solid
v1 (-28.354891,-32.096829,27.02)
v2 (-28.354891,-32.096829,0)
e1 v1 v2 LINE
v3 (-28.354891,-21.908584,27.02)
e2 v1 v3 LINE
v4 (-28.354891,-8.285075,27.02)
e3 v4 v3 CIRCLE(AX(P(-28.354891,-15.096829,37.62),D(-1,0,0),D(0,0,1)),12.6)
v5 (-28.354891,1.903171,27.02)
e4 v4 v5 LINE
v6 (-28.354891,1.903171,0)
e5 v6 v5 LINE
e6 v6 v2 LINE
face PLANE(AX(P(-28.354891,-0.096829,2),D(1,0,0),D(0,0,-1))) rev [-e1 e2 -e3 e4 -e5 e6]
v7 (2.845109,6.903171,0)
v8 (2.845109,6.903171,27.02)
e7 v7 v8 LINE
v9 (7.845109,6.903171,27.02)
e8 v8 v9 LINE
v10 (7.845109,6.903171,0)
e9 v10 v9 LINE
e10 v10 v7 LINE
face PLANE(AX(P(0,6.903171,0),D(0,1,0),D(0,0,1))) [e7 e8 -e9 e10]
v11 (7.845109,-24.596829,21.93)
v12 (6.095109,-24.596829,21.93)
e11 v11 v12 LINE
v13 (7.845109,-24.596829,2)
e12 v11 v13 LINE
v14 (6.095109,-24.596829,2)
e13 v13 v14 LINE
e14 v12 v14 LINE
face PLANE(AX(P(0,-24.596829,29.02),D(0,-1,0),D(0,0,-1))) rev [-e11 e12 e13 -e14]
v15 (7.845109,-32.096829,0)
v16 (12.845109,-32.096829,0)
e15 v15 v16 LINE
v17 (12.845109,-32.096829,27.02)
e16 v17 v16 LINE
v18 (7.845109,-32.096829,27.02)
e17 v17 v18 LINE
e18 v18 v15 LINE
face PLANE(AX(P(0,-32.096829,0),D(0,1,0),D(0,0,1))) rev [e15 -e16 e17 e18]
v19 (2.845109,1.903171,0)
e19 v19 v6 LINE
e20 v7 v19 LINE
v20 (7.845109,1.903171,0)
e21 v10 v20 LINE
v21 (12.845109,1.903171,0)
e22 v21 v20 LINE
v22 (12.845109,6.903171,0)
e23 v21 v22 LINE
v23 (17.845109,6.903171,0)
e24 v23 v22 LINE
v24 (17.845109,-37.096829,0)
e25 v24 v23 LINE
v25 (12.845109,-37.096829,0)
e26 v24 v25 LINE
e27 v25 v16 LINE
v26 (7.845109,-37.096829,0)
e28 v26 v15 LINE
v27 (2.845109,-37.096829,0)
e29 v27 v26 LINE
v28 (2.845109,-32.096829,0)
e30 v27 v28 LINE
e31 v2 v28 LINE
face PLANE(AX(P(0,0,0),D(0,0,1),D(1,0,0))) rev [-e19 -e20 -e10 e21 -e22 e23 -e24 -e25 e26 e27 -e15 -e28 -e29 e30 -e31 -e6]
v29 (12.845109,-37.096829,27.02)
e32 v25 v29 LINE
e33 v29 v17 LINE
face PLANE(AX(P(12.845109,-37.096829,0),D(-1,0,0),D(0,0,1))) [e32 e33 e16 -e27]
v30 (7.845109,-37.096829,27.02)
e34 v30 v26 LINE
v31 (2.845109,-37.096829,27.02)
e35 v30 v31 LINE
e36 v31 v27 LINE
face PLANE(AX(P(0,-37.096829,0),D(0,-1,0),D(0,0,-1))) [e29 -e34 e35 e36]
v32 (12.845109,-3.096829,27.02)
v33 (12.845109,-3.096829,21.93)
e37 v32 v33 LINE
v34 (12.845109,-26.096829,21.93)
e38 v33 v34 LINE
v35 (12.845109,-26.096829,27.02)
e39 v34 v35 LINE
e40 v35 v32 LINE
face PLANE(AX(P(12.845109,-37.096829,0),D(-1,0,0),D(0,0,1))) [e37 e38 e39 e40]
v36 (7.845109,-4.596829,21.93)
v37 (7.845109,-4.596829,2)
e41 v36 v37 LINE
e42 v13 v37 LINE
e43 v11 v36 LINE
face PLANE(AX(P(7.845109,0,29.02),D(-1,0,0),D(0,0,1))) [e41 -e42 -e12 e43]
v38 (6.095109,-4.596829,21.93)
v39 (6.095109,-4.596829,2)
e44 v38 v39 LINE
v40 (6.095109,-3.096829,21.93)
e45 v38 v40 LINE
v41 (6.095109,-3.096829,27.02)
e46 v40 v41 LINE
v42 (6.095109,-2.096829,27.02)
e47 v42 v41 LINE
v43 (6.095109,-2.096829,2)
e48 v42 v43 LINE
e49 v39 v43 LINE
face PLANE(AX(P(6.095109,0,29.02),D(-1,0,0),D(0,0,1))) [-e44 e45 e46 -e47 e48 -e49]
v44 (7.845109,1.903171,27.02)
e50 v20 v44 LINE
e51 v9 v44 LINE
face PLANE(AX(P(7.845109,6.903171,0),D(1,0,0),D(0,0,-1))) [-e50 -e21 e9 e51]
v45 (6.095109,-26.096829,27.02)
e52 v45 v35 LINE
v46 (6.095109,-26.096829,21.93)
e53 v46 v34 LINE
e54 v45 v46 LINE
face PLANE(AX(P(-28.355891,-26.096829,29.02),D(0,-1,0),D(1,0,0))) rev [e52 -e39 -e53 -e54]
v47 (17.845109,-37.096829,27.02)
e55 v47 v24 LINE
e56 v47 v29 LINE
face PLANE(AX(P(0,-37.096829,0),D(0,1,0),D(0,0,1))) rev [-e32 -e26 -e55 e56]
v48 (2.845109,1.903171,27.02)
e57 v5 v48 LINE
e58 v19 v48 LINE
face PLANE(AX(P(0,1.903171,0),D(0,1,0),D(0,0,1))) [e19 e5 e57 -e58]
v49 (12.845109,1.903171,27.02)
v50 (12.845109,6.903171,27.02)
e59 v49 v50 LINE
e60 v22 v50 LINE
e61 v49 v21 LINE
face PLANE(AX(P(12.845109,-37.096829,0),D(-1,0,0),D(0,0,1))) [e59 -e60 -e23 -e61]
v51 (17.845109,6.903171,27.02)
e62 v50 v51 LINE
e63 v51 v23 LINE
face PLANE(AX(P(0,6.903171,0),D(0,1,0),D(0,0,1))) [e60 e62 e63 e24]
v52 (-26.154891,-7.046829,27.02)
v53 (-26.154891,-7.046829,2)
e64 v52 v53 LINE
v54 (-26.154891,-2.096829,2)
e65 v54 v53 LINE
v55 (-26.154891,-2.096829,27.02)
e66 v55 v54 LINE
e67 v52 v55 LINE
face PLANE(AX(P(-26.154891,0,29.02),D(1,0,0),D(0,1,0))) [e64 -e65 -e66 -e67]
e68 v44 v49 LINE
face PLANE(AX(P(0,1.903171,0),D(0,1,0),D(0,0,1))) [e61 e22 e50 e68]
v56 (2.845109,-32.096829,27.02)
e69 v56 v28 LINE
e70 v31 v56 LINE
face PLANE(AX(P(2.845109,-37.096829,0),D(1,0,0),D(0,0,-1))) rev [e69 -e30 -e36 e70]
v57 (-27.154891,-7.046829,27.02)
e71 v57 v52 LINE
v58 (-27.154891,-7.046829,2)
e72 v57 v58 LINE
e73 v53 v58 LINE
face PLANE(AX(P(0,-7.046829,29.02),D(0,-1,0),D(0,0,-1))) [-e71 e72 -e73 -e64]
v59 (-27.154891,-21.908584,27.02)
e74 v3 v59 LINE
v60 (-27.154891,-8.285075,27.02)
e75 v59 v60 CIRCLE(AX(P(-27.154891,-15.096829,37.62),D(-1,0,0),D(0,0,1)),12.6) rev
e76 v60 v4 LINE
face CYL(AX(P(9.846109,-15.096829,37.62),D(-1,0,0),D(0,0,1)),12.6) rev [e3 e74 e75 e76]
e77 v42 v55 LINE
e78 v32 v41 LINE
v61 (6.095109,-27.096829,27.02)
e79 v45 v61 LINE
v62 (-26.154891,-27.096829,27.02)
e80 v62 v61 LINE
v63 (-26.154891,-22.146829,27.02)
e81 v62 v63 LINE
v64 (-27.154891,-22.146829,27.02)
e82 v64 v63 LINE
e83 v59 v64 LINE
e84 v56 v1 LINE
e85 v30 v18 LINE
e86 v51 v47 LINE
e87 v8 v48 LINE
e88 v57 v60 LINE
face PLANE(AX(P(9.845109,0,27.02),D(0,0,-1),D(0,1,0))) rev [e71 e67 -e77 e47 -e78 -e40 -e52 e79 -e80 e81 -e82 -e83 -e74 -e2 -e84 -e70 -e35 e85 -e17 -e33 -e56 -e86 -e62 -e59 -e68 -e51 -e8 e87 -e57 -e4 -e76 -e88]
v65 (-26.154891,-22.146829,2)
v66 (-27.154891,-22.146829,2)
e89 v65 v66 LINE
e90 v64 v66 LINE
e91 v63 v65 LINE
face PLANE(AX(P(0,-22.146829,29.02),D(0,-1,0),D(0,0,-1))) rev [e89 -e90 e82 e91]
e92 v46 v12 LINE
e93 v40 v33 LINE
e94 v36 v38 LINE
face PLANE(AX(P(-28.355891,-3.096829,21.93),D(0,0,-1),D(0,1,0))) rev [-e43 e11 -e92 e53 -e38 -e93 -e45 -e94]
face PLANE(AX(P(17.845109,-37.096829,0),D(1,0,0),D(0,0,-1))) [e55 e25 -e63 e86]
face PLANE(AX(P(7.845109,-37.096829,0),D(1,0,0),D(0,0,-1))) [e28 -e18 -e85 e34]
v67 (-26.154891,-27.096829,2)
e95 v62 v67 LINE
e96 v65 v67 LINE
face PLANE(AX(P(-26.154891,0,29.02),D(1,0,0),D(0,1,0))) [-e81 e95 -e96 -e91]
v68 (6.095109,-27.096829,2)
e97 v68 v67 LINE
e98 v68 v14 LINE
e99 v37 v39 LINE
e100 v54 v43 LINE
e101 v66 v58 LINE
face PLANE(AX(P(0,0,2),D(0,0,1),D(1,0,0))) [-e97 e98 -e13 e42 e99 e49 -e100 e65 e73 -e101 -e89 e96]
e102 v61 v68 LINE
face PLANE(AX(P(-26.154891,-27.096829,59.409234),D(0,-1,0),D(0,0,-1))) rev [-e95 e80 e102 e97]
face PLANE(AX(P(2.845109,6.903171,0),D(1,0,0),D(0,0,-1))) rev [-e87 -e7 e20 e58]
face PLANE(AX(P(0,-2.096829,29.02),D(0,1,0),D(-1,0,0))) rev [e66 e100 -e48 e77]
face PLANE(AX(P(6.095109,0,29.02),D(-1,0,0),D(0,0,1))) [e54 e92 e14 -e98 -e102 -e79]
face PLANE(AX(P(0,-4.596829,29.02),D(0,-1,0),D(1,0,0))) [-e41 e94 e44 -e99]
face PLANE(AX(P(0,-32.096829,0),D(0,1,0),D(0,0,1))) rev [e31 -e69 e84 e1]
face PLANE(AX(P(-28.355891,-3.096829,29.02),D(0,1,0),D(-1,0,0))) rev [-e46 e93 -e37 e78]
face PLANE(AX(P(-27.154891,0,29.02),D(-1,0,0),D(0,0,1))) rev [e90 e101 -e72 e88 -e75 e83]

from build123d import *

# Parameters (mm, degrees)
SKETCH1_W                 = 38.2
SKETCH1_H                 = 30
BOSS_EXTRUDE1_DEPTH       = 2
SKETCH2_W                 = 2
SKETCH2_H                 = 20
BOSS_EXTRUDE2_DEPTH       = 27.02
CUT_EXTRUDE1_REACH        = 58.632
SKETCH3_W                 = 7.09
SKETCH3_H                 = 23
CUT_EXTRUDE3_REACH        = 58.632
CUT_EXTRUDE4_DEPTH        = 57.632318808
CUT_EXTRUDE4_DEPTH_BACK   = 57.632318808
SKETCH7_W                 = 32.25
SKETCH7_H                 = 3
BOSS_EXTRUDE3_DEPTH       = 25.02
SKETCH8_W                 = 20
SKETCH8_H                 = 30
BOSS_EXTRUDE4_DEPTH       = 5
BOSS_EXTRUDE5_DEPTH       = 2
BOSS_EXTRUDE6_DEPTH       = 3
BOSS_EXTRUDE7_DEPTH       = 2
SKETCH12_W                = 5
SKETCH12_H                = 27.02
BOSS_EXTRUDE8_DEPTH       = 5
SKETCH13_W                = 5
SKETCH13_H                = 22
BOSS_EXTRUDE10_DEPTH      = 44
SKETCH15_W                = 5
SKETCH15_H                = 27.02
BOSS_EXTRUDE11_DEPTH      = 5
BOSS_EXTRUDE12_DEPTH      = 5.02
BOSS_EXTRUDE12_DEPTH_BACK = 2
SKETCH16_W                = 5
SKETCH16_H                = 44
SKETCH17_W                = 20
SKETCH17_H                = 34
CUT_EXTRUDE5_DEPTH        = 5


with BuildPart() as part:
    # Sketch1 → Boss-Extrude1 (new body)
    with BuildSketch(Plane.XY):
        with Locations((-9.254890621, -15.096829294)):
            Rectangle(SKETCH1_W, SKETCH1_H)
    extrude(amount=BOSS_EXTRUDE1_DEPTH)

    # Sketch2 → Boss-Extrude2 (add)
    with BuildSketch(Plane.XY.offset(2)):
        Polygon((-26.154890621, -2.096829294), (-28.354890621, -2.096829294), (-28.354890621, -30.096829294), (-26.154890621, -30.096829294), (-26.154890621, -22.146829294), (-27.154890621, -22.146829294), (-27.154890621, -7.046829294), (-26.154890621, -7.046829294), align=None)
        Polygon((9.845109379, -0.096829294), (-28.354890621, -0.096829294), (-28.354890621, -2.096829294), (-26.154890621, -2.096829294), (6.095109379, -2.096829294), (9.845109379, -2.096829294), align=None)
        Polygon((9.845109379, -4.596829294), (9.845109379, -2.096829294), (6.095109379, -2.096829294), (6.095109379, -4.596829294), (7.845109379, -4.596829294), align=None)
        with Locations((8.845109379, -14.596829294)):
            Rectangle(SKETCH2_W, SKETCH2_H)
        Polygon((9.845109379, -30.096829294), (9.845109379, -24.596829294), (7.845109379, -24.596829294), (6.095109379, -24.596829294), (6.095109379, -30.096829294), align=None)
    extrude(amount=BOSS_EXTRUDE2_DEPTH)

    # Sketch3 → Cut-Extrude1 (cut, up to next)
    with BuildSketch(Plane(origin=(9.845109379, 0, 0), x_dir=(0, 0, -1), z_dir=(1, 0, 0)), mode=Mode.PRIVATE) as cut_extrude1_sk1:
        with Locations((-25.475, -14.596829294)):
            Rectangle(SKETCH3_W, SKETCH3_H)
    cut_extrude1_tool1 = extrude(cut_extrude1_sk1.sketch, amount=-CUT_EXTRUDE1_REACH, mode=Mode.PRIVATE) & part.part
    add(cut_extrude1_tool1.solids().sort_by_distance((9.845109, -14.596829, 25.475))[0], mode=Mode.SUBTRACT)

    # Sketch4 → Cut-Extrude3 (cut, up to next)
    with BuildSketch(Plane.ZY.offset(28.354890621), mode=Mode.PRIVATE) as cut_extrude3_sk1:
        with BuildLine():
            ThreePointArc((25.02, -15.096829294), (26.063183829, -20.116789453), (29.02, -24.30552084))
            Line((29.02, -24.30552084), (29.02, -15.096829294))
            Line((29.02, -15.096829294), (25.02, -15.096829294))
        make_face()
    cut_extrude3_tool1 = extrude(cut_extrude3_sk1.sketch, amount=-CUT_EXTRUDE3_REACH, mode=Mode.PRIVATE) & part.part
    # Sketch4 → Cut-Extrude3 (cut, up to next)
    with BuildSketch(Plane.ZY.offset(28.354890621), mode=Mode.PRIVATE) as cut_extrude3_sk2:
        with BuildLine():
            ThreePointArc((29.02, -5.888137747), (26.063183829, -10.076869135), (25.02, -15.096829294))
            Line((25.02, -15.096829294), (29.02, -15.096829294))
            Line((29.02, -15.096829294), (29.02, -5.888137747))
        make_face()
    cut_extrude3_tool2 = extrude(cut_extrude3_sk2.sketch, amount=-CUT_EXTRUDE3_REACH, mode=Mode.PRIVATE) & part.part
    # Sketch4 → Cut-Extrude3 (cut, up to next)
    with BuildSketch(Plane.ZY.offset(28.354890621), mode=Mode.PRIVATE) as cut_extrude3_sk3:
        with BuildLine():
            ThreePointArc((25.02, -15.096829294), (26.063183829, -20.116789453), (29.02, -24.30552084))
            Line((29.02, -24.30552084), (29.02, -15.096829294))
            Line((29.02, -15.096829294), (25.02, -15.096829294))
        make_face()
    cut_extrude3_tool3 = extrude(cut_extrude3_sk3.sketch, amount=-CUT_EXTRUDE3_REACH, mode=Mode.PRIVATE) & part.part
    # Sketch4 → Cut-Extrude3 (cut, up to next)
    with BuildSketch(Plane.ZY.offset(28.354890621), mode=Mode.PRIVATE) as cut_extrude3_sk4:
        with BuildLine():
            ThreePointArc((29.02, -5.888137747), (26.063183829, -10.076869135), (25.02, -15.096829294))
            Line((25.02, -15.096829294), (29.02, -15.096829294))
            Line((29.02, -15.096829294), (29.02, -5.888137747))
        make_face()
    cut_extrude3_tool4 = extrude(cut_extrude3_sk4.sketch, amount=-CUT_EXTRUDE3_REACH, mode=Mode.PRIVATE) & part.part
    add(cut_extrude3_tool1.solids().sort_by_distance((-28.354891, -18.637073, 27.396015))[0], mode=Mode.SUBTRACT)
    add(cut_extrude3_tool2.solids().sort_by_distance((-28.354891, -11.556586, 27.396015))[0], mode=Mode.SUBTRACT)
    add(cut_extrude3_tool3.solids().sort_by_distance((-28.354891, -18.637073, 27.396015))[0], mode=Mode.SUBTRACT)
    add(cut_extrude3_tool4.solids().sort_by_distance((-28.354891, -11.556586, 27.396015))[0], mode=Mode.SUBTRACT)

    # Sketch6 → Cut-Extrude4 (cut, two sides: drawn at the far end of the back side and taken through both)
    with BuildSketch(Plane.ZY.offset(28.354890621).offset(-CUT_EXTRUDE4_DEPTH_BACK)):
        with BuildLine():
            Line((29.02, -30.096829294), (29.02, -24.30552084))
            ThreePointArc((29.02, -24.30552084), (27.945480542, -23.169231244), (27.02, -21.90858384))
            Line((27.02, -21.90858384), (27.02, -30.096829294))
            Line((27.02, -30.096829294), (29.02, -30.096829294))
        make_face()
        with BuildLine():
            Line((29.02, -5.888137747), (29.02, -0.096829294))
            Line((29.02, -0.096829294), (27.02, -0.096829294))
            Line((27.02, -0.096829294), (27.02, -8.285074747))
            ThreePointArc((27.02, -8.285074747), (27.945480542, -7.024427343), (29.02, -5.888137747))
        make_face()
    extrude(amount=CUT_EXTRUDE4_DEPTH + CUT_EXTRUDE4_DEPTH_BACK, mode=Mode.SUBTRACT)

    # Sketch7 → Boss-Extrude3 (add)
    with BuildSketch(Plane.XY.offset(2)):
        with Locations((-10.029890621, -28.596829294)):
            Rectangle(SKETCH7_W, SKETCH7_H)
    extrude(amount=BOSS_EXTRUDE3_DEPTH)

    # Sketch8 → Boss-Extrude4 (add)
    with BuildSketch(Plane.ZY.offset(28.354890621)):
        with Locations((10, -15.096829294)):
            Rectangle(SKETCH8_W, SKETCH8_H)
    extrude(amount=BOSS_EXTRUDE4_DEPTH)

    # Sketch9 → Boss-Extrude5 (add)
    with BuildSketch(Plane.XZ.offset(30.096829294)):
        Polygon((-33.354890621, 20), (-28.354890621, 20), (-28.354890621, 27.02), (9.845109379, 27.02), (9.845109379, 0), (-33.354890621, 0), align=None)
    extrude(amount=BOSS_EXTRUDE5_DEPTH)

    # Sketch10 → Boss-Extrude6 (add)
    with BuildSketch(Plane(origin=(9.845109379, 0, 0), x_dir=(0, 0, -1), z_dir=(1, 0, 0))):
        Polygon((-21.93, -3.096829294), (-21.93, -26.096829294), (-27.02, -26.096829294), (-27.02, -32.096829294), (0, -32.096829294), (0, -0.096829294), (-27.02, -0.096829294), (-27.02, -3.096829294), align=None)
    extrude(amount=BOSS_EXTRUDE6_DEPTH)

    # Sketch11 → Boss-Extrude7 (add)
    with BuildSketch(Plane(origin=(0, -0.096829294, 0), x_dir=(1, 0, 0), z_dir=(0, 1, 0))):
        Polygon((-33.354890621, 0), (-33.354890621, -20), (-28.354890621, -20), (-28.354890621, -27.02), (12.845109379, -27.02), (12.845109379, 0), align=None)
    extrude(amount=BOSS_EXTRUDE7_DEPTH)

    # Sketch12 → Boss-Extrude8 (add)
    with BuildSketch(Plane(origin=(0, 1.903170706, 0), x_dir=(1, 0, 0), z_dir=(0, 1, 0))):
        with Locations((5.345109379, -13.51)):
            Rectangle(SKETCH12_W, SKETCH12_H)
    extrude(amount=BOSS_EXTRUDE8_DEPTH)

    # Sketch13 → Boss-Extrude10 (add)
    with BuildSketch(Plane(origin=(0, 6.903170706, 0), x_dir=(1, 0, 0), z_dir=(0, 1, 0))):
        with Locations((15.345109379, -11)):
            Rectangle(SKETCH13_W, SKETCH13_H)
    extrude(amount=-BOSS_EXTRUDE10_DEPTH)

    # Sketch15 → Boss-Extrude11 (add)
    with BuildSketch(Plane(origin=(0, -32.096829294, 0), x_dir=(-1, 0, 0), z_dir=(0, -1, 0))):
        with Locations((-5.345109379, -13.51)):
            Rectangle(SKETCH15_W, SKETCH15_H)
    extrude(amount=BOSS_EXTRUDE11_DEPTH)

    # Sketch16 → Boss-Extrude12 (add, two sides: drawn at the far end of the back side and taken through both)
    with BuildSketch(Plane.XY.offset(22).offset(-BOSS_EXTRUDE12_DEPTH_BACK)):
        with Locations((15.345109379, -15.096829294)):
            Rectangle(SKETCH16_W, SKETCH16_H)
    extrude(amount=BOSS_EXTRUDE12_DEPTH + BOSS_EXTRUDE12_DEPTH_BACK)

    # Sketch17 → Cut-Extrude5 (cut)
    with BuildSketch(Plane.ZY.offset(33.354890621)):
        with Locations((10, -15.096829294)):
            Rectangle(SKETCH17_W, SKETCH17_H)
    extrude(amount=-CUT_EXTRUDE5_DEPTH, mode=Mode.SUBTRACT)


solid = part.part
